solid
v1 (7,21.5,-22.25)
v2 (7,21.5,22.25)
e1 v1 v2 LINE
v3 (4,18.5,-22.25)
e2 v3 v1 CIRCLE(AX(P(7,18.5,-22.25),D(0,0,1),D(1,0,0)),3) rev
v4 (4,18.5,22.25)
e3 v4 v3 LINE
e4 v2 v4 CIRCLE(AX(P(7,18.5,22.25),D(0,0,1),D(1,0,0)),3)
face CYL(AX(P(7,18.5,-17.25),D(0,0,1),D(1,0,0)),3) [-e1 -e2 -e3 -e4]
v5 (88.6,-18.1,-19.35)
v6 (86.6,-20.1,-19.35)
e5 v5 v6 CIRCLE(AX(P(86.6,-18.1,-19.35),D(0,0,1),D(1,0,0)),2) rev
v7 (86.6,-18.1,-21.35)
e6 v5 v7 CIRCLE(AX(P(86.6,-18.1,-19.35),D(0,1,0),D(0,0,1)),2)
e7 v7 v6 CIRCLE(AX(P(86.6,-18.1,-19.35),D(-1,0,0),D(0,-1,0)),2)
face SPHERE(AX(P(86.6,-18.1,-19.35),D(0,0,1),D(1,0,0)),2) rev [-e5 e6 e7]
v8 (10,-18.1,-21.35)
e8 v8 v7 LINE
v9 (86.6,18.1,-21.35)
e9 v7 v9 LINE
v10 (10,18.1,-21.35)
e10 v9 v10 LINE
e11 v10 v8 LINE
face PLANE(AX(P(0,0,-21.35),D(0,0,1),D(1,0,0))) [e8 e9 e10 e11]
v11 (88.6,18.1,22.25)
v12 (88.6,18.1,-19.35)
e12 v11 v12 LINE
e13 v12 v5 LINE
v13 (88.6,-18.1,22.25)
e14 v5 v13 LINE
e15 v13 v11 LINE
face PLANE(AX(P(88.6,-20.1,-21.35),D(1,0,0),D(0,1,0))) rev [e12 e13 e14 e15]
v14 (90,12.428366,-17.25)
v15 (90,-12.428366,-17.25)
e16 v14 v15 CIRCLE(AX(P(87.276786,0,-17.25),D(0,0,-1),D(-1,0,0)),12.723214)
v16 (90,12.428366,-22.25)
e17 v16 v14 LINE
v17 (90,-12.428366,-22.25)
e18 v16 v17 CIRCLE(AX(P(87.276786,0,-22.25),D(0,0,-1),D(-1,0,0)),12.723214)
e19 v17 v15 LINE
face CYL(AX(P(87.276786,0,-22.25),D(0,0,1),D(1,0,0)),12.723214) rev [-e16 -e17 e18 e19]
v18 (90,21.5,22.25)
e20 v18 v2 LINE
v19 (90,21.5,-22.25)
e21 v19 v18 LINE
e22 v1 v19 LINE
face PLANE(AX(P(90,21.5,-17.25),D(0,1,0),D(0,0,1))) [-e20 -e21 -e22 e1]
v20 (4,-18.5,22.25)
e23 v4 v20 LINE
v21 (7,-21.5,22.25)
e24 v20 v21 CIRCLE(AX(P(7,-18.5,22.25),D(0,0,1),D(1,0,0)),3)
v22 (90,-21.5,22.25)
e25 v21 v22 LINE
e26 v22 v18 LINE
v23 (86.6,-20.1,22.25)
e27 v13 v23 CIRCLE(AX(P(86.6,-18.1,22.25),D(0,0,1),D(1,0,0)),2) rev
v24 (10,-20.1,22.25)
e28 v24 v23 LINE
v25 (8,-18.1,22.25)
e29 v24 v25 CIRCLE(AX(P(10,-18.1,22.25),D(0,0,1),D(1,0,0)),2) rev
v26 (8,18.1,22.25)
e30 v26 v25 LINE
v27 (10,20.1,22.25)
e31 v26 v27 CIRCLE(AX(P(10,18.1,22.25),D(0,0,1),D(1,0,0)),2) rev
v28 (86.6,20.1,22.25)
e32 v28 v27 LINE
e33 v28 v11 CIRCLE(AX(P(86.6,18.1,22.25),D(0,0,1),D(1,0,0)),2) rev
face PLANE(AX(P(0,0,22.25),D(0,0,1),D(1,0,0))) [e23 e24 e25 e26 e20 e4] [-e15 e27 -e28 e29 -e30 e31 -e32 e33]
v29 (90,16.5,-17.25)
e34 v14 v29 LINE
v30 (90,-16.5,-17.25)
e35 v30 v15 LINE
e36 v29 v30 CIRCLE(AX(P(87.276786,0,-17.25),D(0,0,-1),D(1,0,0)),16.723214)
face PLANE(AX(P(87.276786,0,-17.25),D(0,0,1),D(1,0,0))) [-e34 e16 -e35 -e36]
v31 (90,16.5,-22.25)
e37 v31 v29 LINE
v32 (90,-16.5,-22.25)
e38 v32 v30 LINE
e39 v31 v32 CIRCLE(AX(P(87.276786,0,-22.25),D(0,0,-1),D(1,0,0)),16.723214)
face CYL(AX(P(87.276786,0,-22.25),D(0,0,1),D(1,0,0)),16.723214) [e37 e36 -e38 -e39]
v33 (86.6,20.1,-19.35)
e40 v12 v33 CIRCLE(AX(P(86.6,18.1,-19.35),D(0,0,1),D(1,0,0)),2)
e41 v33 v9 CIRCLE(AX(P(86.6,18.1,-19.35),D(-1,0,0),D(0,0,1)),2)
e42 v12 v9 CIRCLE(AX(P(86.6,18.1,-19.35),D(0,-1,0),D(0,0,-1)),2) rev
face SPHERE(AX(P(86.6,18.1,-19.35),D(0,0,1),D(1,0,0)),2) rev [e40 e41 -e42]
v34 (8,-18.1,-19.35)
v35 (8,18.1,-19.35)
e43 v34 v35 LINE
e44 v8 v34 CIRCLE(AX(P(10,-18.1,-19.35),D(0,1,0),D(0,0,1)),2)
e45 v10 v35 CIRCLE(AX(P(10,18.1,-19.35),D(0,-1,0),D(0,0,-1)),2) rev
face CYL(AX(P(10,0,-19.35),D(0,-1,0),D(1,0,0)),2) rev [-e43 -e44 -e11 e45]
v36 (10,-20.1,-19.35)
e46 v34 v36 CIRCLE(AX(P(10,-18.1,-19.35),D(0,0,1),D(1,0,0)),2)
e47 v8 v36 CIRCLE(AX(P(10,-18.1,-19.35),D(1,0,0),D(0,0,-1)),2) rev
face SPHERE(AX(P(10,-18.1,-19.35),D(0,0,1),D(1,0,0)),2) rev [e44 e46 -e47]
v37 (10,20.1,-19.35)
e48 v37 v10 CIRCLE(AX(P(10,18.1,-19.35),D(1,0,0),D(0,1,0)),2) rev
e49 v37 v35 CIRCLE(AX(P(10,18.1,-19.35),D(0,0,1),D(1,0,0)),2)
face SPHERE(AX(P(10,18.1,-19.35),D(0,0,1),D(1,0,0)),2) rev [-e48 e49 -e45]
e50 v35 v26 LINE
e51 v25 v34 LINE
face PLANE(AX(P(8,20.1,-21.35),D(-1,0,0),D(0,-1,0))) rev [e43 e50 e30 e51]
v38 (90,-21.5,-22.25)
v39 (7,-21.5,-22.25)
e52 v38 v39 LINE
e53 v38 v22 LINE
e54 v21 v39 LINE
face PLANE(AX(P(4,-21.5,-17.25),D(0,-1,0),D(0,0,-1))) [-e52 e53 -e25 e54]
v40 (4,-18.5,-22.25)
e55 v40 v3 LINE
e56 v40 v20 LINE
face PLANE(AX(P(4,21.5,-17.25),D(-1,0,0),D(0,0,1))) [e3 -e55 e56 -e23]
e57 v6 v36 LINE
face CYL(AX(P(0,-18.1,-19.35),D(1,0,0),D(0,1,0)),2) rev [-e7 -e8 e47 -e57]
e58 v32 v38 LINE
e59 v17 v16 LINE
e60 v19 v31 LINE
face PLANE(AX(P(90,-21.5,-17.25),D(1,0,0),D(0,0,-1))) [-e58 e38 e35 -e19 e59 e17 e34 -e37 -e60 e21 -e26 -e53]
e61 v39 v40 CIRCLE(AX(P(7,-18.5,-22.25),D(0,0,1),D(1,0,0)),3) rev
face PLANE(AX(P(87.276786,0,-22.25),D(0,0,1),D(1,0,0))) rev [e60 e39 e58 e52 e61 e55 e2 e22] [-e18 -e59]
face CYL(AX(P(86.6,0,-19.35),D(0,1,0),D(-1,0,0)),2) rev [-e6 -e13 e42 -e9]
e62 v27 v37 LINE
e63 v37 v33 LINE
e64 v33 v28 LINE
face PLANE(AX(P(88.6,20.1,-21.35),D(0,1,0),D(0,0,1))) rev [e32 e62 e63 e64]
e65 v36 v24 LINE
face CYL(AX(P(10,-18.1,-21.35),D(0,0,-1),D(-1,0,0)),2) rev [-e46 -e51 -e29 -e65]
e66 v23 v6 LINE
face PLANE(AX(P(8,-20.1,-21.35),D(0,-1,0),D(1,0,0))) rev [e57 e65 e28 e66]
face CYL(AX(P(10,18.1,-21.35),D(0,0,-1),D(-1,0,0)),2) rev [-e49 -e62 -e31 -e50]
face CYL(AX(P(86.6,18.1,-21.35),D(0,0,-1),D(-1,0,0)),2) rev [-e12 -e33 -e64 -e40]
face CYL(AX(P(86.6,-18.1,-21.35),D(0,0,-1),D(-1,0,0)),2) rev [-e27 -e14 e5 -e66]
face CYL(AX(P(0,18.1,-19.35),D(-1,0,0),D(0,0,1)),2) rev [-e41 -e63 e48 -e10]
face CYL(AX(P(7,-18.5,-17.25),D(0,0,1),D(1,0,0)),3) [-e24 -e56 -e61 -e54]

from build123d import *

# Parameters (mm, degrees)
SKETCH_1_W                  = 86
SKETCH_1_H                  = 43
EXTRUDE_1_DEPTH             = 39.5
EXTRUDE_2_DEPTH             = 5
SKETCH_3_W                  = 80.6
SKETCH_3_H                  = 40.2
CUT_EXTRUDE_1_DEPTH         = 43.6
HOLE_WIZARD_8_3_8_3_1_D     = 8.3
HOLE_WIZARD_8_3_8_3_1_DEPTH = 3.2
FILLET_1_R                  = 3
EXTRUDE_START               = -4
SKETCH_6_R                  = 4.15
EXTRUDE_3_DEPTH             = 4
FILLET_2_R                  = 2


with BuildPart() as part:
    # Эскиз1 → Бобышка-Вытянуть1 (new body)
    with BuildSketch(Plane.XY.offset(22.25)):
        with Locations((47, 0)):
            Rectangle(SKETCH_1_W, SKETCH_1_H)
    extrude(amount=-EXTRUDE_1_DEPTH)

    # Эскиз2 → Бобышка-Вытянуть2 (add)
    with BuildSketch(Plane(origin=(0, 0, -17.25), x_dir=(-1, 0, 0), z_dir=(0, 0, -1))):
        with BuildLine():
            Line((-90, -21.5), (-90, -16.5))
            ThreePointArc((-90, -16.5), (-104, 0), (-90, 16.5))
            Line((-90, 16.5), (-90, 21.5))
            Line((-90, 21.5), (-4, 21.5))
            Line((-4, 21.5), (-4, -21.5))
            Line((-4, -21.5), (-90, -21.5))
        make_face()
        with BuildLine():
            Line((-90, -12.428366172), (-90, 12.428366172))
            ThreePointArc((-90, 12.428366172), (-100, 0), (-90, -12.428366172))
        make_face(mode=Mode.SUBTRACT)
    extrude(amount=EXTRUDE_2_DEPTH)

    # Эскиз3 → Вырез-Вытянуть1 (cut)
    with BuildSketch(Plane.XY.offset(22.25)):
        with Locations((48.3, 0)):
            Rectangle(SKETCH_3_W, SKETCH_3_H)
    extrude(amount=-CUT_EXTRUDE_1_DEPTH, mode=Mode.SUBTRACT)

    # Диаметр отверстия Ø8.3 (8.3)1
    with Locations(Plane.ZY.offset(-4)):
        with Locations((0, 0)):
            Hole(HOLE_WIZARD_8_3_8_3_1_D / 2, depth=HOLE_WIZARD_8_3_8_3_1_DEPTH)

    # Скругление1
    fillet_1_edges = [part.edges().sort_by_distance(p)[0] for p in [
        (4, -21.5, 0),
        (4, 21.5, 0),
    ]]
    fillet(fillet_1_edges, radius=FILLET_1_R)

    # Эскиз6 → Бобышка-Вытянуть3 (add)
    with BuildSketch(Plane.ZY.offset(-4).offset(EXTRUDE_START)):
        Circle(SKETCH_6_R)
    extrude(amount=EXTRUDE_3_DEPTH)

    # Скругление2
    fillet_2_edges = [part.edges().sort_by_distance(p)[0] for p in [
        (48.3, -20.1, -21.35),
        (88.6, -20.1, 0.45),
        (8, 0, -21.35),
        (8, -20.1, 0.45),
        (48.3, 20.1, -21.35),
        (8, 20.1, 0.45),
        (88.6, 0, -21.35),
        (88.6, 20.1, 0.45),
    ]]
    fillet(fillet_2_edges, radius=FILLET_2_R)


solid = part.part
